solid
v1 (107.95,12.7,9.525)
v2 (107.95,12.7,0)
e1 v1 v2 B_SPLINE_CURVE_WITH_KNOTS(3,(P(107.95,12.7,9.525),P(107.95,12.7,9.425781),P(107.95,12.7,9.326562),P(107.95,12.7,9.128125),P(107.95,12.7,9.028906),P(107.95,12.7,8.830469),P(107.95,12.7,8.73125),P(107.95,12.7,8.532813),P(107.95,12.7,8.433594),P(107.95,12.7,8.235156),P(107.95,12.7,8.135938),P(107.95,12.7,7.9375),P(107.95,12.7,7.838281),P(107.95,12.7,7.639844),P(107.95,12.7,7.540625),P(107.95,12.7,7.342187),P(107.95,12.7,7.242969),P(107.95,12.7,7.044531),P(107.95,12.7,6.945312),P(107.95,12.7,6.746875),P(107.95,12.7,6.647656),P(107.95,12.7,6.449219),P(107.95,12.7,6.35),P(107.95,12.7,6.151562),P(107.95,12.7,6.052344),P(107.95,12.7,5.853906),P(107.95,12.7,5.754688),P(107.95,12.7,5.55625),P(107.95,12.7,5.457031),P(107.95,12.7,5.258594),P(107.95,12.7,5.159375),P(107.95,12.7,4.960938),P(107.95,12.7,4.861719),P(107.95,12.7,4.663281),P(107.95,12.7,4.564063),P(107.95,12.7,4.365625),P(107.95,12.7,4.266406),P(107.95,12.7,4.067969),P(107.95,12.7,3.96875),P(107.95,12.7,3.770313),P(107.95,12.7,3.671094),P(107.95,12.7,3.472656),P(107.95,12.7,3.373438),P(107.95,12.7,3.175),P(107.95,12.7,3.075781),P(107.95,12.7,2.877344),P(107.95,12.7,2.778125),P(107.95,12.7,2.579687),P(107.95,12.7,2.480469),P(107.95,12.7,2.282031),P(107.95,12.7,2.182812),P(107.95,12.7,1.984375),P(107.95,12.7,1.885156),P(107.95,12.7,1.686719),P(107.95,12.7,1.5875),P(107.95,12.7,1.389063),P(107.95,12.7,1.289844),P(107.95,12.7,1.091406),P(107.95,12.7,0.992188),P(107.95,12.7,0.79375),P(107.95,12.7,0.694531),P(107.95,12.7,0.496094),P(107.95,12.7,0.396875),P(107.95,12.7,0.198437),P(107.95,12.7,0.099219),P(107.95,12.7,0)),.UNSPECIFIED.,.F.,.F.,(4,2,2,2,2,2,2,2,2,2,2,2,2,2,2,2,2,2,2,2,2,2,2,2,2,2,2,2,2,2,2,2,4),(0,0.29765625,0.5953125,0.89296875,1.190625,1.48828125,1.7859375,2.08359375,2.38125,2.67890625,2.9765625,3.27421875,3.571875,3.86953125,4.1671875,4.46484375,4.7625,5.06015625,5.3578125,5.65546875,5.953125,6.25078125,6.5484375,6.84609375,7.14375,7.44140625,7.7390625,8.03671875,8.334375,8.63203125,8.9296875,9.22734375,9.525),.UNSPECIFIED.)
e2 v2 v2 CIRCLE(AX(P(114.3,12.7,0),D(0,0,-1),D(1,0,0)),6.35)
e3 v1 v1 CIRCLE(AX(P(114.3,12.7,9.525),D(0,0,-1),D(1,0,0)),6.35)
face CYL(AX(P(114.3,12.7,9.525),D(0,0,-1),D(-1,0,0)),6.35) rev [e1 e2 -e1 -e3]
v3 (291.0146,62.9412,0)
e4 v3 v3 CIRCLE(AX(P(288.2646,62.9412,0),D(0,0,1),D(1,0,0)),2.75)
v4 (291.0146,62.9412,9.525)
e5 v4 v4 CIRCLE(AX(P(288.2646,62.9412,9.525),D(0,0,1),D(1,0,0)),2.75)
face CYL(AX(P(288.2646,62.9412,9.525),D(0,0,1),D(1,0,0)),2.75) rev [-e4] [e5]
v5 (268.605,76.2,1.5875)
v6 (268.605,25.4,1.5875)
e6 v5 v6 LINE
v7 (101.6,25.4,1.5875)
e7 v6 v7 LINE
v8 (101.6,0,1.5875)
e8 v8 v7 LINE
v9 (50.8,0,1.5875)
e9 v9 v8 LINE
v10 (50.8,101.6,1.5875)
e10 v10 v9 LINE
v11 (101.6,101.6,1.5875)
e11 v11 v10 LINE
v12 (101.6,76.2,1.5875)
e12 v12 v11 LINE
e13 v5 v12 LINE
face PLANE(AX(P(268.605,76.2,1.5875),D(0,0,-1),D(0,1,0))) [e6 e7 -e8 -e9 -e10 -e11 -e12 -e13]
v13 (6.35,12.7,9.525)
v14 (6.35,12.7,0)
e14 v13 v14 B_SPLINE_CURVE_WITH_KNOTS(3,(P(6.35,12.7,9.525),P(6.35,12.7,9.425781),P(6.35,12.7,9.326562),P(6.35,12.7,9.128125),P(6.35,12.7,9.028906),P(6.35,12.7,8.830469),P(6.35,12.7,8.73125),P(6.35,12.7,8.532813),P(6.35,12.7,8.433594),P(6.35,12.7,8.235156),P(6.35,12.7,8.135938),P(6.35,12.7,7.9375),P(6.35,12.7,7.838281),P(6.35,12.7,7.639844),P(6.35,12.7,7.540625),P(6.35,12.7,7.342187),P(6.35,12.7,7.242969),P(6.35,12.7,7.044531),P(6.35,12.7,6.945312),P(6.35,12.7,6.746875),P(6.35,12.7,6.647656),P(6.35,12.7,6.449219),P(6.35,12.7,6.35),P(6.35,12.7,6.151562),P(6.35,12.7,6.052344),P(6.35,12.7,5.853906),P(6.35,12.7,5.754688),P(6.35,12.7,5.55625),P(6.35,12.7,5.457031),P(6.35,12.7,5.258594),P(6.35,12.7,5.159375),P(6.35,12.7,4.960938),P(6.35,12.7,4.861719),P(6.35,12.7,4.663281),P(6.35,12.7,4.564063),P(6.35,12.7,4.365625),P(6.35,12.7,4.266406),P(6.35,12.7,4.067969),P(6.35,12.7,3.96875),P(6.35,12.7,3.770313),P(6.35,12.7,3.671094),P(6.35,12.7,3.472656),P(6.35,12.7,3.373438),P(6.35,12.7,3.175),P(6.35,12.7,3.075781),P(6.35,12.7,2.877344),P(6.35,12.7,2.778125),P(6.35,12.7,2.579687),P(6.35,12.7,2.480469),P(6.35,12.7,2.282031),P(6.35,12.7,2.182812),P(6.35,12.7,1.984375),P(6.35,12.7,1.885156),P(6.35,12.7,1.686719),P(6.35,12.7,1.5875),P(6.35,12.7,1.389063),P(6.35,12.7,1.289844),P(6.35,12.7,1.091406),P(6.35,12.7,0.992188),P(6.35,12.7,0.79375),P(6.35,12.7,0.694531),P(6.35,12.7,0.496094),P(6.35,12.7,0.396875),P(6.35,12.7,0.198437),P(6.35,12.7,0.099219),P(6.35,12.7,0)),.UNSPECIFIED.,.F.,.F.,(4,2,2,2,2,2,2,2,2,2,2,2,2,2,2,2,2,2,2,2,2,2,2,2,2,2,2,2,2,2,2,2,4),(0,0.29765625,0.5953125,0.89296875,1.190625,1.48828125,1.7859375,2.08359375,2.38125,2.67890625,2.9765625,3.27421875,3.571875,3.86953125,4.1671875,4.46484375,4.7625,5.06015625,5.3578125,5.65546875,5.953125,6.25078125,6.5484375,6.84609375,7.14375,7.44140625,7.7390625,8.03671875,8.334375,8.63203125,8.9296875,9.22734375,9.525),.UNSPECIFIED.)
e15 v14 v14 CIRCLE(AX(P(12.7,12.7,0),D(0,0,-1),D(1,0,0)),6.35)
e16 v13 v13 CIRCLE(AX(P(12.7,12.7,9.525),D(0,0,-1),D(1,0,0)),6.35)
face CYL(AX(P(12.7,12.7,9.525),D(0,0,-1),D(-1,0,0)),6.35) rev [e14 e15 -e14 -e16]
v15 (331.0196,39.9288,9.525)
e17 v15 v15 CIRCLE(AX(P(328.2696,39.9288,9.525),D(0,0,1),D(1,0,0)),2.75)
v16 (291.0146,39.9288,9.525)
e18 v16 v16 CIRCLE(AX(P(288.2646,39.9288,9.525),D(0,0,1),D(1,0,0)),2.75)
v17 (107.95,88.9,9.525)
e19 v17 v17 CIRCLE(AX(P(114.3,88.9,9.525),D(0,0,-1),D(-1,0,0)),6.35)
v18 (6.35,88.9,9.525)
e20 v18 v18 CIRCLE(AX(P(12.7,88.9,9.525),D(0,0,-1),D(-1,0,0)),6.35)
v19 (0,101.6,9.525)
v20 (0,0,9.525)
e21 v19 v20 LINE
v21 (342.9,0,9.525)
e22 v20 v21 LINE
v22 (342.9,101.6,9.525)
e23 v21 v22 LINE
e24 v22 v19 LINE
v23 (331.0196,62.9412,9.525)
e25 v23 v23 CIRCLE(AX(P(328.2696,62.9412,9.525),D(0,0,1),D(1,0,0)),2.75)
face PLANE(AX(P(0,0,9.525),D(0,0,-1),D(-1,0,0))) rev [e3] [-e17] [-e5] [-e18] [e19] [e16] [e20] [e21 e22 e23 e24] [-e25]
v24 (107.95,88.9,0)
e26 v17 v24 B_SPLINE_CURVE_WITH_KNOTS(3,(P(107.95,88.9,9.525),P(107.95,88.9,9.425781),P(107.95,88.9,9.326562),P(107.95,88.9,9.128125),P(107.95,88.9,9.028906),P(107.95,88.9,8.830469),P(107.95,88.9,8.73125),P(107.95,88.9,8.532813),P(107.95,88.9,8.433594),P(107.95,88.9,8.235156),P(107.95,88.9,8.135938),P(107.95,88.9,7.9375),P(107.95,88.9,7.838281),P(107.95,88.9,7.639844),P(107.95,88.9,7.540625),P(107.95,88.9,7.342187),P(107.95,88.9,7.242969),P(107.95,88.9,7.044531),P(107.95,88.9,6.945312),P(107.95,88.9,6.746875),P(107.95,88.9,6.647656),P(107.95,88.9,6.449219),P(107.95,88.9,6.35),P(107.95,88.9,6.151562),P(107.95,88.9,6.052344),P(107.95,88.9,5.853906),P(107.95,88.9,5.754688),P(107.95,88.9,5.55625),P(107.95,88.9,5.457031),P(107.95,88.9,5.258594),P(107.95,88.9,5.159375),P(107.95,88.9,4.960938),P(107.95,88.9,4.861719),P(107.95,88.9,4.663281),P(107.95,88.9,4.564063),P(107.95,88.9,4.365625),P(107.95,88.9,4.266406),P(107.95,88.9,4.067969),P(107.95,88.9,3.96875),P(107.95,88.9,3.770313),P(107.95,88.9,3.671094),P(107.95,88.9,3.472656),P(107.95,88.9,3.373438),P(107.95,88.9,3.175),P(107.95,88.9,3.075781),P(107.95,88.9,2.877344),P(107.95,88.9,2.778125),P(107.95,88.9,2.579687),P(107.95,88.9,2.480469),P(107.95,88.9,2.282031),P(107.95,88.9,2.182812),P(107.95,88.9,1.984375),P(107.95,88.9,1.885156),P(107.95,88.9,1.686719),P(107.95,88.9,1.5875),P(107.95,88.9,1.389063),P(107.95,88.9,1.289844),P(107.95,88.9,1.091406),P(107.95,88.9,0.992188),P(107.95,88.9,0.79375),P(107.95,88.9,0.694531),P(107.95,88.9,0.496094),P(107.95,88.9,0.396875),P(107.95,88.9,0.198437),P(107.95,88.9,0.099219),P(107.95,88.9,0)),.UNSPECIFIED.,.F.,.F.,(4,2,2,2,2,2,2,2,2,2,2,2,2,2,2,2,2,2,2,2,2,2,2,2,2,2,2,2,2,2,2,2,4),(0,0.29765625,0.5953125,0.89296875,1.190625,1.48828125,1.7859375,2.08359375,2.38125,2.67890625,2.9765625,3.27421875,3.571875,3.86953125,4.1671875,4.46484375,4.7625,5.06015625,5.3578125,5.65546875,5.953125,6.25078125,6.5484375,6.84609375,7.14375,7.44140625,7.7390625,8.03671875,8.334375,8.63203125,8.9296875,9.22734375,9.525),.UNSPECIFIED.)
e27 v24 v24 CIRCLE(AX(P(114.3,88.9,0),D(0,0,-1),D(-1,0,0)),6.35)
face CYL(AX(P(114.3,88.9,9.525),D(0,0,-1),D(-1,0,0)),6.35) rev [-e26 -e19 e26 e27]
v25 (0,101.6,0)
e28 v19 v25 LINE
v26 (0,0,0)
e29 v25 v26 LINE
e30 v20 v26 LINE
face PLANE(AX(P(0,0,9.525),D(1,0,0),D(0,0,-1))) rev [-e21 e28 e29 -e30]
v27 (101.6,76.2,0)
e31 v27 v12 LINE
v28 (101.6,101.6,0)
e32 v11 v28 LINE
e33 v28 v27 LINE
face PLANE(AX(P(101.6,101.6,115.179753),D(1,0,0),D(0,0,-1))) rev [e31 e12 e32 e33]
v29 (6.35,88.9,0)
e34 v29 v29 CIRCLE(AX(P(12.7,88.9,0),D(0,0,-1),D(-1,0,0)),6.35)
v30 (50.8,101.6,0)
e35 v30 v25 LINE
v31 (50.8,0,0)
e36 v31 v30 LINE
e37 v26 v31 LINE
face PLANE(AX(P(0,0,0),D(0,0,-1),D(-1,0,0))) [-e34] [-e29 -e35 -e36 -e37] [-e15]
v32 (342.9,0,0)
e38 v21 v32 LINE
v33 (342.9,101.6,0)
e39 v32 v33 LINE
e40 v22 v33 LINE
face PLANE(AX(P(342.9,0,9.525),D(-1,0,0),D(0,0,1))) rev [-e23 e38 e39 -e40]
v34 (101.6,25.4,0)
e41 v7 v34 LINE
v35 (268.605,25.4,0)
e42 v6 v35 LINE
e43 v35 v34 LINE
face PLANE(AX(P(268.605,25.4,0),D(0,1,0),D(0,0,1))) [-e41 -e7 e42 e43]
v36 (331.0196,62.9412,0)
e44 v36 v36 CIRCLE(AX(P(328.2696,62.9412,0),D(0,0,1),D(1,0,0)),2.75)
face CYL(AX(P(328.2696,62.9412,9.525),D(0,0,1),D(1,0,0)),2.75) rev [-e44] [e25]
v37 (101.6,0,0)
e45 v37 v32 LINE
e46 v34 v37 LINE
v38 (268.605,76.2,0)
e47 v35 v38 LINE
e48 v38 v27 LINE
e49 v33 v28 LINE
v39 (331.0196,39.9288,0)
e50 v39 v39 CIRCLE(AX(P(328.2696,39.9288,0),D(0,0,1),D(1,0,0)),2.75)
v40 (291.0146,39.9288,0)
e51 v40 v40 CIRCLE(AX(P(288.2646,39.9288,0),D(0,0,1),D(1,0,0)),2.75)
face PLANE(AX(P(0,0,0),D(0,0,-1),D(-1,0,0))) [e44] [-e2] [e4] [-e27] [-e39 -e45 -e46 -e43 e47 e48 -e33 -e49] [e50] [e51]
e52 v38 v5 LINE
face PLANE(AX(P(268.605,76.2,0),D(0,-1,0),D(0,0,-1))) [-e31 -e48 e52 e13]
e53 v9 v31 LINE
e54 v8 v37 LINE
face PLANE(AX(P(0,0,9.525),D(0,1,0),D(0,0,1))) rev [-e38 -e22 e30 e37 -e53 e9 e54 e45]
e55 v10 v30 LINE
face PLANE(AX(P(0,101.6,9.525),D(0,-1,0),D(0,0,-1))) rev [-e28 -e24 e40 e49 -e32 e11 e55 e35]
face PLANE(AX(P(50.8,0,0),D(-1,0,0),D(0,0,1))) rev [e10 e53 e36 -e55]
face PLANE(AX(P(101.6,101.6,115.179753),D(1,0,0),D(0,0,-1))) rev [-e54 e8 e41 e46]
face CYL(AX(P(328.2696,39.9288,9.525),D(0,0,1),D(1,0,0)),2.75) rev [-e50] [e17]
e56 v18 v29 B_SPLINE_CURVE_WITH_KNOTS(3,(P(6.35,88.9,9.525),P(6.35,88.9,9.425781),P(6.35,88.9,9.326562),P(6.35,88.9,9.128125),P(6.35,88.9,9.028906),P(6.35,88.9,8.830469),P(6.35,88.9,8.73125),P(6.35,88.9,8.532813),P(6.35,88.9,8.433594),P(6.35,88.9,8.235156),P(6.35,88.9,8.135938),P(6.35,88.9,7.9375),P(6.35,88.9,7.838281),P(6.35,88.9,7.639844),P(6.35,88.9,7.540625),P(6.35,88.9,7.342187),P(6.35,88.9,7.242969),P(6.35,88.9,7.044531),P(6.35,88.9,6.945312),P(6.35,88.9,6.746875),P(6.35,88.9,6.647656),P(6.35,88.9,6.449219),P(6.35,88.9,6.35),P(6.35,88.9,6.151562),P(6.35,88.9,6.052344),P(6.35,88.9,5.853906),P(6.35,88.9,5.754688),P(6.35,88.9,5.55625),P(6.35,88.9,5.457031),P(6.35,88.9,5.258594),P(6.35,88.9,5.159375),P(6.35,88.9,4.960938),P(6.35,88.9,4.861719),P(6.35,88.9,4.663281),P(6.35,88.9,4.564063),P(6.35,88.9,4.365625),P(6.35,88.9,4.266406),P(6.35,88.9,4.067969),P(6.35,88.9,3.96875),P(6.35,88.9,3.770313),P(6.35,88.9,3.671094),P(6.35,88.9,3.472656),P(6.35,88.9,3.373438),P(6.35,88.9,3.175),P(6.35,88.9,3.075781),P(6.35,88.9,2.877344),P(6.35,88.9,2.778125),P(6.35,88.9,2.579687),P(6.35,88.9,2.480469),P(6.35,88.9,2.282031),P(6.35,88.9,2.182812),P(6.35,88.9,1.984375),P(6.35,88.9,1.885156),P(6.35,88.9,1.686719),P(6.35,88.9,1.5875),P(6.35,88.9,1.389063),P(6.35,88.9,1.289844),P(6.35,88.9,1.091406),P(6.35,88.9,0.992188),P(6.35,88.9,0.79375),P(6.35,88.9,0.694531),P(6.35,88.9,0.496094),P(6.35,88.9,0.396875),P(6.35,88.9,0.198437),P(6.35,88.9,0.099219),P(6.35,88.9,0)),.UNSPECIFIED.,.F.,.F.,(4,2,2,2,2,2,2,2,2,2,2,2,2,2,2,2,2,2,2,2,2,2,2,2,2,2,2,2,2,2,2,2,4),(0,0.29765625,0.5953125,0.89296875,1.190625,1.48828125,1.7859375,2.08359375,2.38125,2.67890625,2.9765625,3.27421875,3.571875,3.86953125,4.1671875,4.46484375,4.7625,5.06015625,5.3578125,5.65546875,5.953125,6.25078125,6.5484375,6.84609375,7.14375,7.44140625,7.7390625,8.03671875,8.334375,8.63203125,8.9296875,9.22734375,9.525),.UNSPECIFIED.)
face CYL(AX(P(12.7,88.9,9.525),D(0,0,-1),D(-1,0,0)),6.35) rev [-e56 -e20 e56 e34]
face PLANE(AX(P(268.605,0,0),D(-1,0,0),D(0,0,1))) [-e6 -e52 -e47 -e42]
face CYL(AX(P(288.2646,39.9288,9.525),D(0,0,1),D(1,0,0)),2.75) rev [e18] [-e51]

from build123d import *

# Parameters (mm, degrees)
SKETCH1_W               = 342.9
SKETCH1_H               = 101.6
BOSS_EXTRUDE1_DEPTH     = 9.525
CUT_EXTRUDE1_DEPTH      = 208.28
CUT_EXTRUDE1_DEPTH_BACK = 9.525
CUT_EXTRUDE1_START      = 60.325
SKETCH2_W               = 1.5875
SKETCH2_H               = 50.8
CUT_EXTRUDE4_DEPTH      = 358.76206566
CUT_EXTRUDE4_DEPTH_BACK = 358.76206566
SKETCH3_R               = 6.35
SKETCH5_W               = 50.8
SKETCH5_H               = 101.6
CUT_EXTRUDE5_DEPTH      = 1.5875
M5_CLEARANCE_HOLE1_D    = 5.5


with BuildPart() as part:
    # Sketch1 → Boss-Extrude1 (new body)
    with BuildSketch(Plane.XY):
        with Locations((171.45, 50.8)):
            Rectangle(SKETCH1_W, SKETCH1_H)
    extrude(amount=BOSS_EXTRUDE1_DEPTH)

    # Sketch2 → Cut-Extrude1 (cut, two sides: drawn at the far end of the back side and taken through both)
    with BuildSketch(Plane(origin=(0, 0, 0), x_dir=(0, 0, -1), z_dir=(1, 0, 0)).offset(CUT_EXTRUDE1_START - CUT_EXTRUDE1_DEPTH_BACK)):
        with Locations((-0.79375, 50.8)):
            Rectangle(SKETCH2_W, SKETCH2_H)
    extrude(amount=CUT_EXTRUDE1_DEPTH + CUT_EXTRUDE1_DEPTH_BACK, mode=Mode.SUBTRACT)

    # Sketch3 → Cut-Extrude4 (cut, two sides: drawn at the far end of the back side and taken through both)
    with BuildSketch(Plane(origin=(0, 0, 0), x_dir=(-1, 0, 0), z_dir=(0, 0, -1)).offset(-CUT_EXTRUDE4_DEPTH_BACK)):
        with Locations((-12.7, 88.9)):
            Circle(SKETCH3_R)
        with Locations((-114.3, 88.9)):
            Circle(SKETCH3_R)
        with Locations((-114.3, 12.7)):
            Circle(SKETCH3_R)
        with Locations((-12.7, 12.7)):
            Circle(SKETCH3_R)
    extrude(amount=CUT_EXTRUDE4_DEPTH + CUT_EXTRUDE4_DEPTH_BACK, mode=Mode.SUBTRACT)

    # Sketch5 → Cut-Extrude5 (cut)
    with BuildSketch(Plane(origin=(0, 0, 0), x_dir=(-1, 0, 0), z_dir=(0, 0, -1))):
        with Locations((-76.2, 50.8)):
            Rectangle(SKETCH5_W, SKETCH5_H)
    extrude(amount=-CUT_EXTRUDE5_DEPTH, mode=Mode.SUBTRACT)

    # M5 Clearance Hole1 (through all)
    with Locations(Plane.XY.offset(9.525)):
        with Locations((328.2696, 62.9412), (328.2696, 39.9288), (288.2646, 39.9288), (288.2646, 62.9412)):
            Hole(M5_CLEARANCE_HOLE1_D / 2)


solid = part.part
